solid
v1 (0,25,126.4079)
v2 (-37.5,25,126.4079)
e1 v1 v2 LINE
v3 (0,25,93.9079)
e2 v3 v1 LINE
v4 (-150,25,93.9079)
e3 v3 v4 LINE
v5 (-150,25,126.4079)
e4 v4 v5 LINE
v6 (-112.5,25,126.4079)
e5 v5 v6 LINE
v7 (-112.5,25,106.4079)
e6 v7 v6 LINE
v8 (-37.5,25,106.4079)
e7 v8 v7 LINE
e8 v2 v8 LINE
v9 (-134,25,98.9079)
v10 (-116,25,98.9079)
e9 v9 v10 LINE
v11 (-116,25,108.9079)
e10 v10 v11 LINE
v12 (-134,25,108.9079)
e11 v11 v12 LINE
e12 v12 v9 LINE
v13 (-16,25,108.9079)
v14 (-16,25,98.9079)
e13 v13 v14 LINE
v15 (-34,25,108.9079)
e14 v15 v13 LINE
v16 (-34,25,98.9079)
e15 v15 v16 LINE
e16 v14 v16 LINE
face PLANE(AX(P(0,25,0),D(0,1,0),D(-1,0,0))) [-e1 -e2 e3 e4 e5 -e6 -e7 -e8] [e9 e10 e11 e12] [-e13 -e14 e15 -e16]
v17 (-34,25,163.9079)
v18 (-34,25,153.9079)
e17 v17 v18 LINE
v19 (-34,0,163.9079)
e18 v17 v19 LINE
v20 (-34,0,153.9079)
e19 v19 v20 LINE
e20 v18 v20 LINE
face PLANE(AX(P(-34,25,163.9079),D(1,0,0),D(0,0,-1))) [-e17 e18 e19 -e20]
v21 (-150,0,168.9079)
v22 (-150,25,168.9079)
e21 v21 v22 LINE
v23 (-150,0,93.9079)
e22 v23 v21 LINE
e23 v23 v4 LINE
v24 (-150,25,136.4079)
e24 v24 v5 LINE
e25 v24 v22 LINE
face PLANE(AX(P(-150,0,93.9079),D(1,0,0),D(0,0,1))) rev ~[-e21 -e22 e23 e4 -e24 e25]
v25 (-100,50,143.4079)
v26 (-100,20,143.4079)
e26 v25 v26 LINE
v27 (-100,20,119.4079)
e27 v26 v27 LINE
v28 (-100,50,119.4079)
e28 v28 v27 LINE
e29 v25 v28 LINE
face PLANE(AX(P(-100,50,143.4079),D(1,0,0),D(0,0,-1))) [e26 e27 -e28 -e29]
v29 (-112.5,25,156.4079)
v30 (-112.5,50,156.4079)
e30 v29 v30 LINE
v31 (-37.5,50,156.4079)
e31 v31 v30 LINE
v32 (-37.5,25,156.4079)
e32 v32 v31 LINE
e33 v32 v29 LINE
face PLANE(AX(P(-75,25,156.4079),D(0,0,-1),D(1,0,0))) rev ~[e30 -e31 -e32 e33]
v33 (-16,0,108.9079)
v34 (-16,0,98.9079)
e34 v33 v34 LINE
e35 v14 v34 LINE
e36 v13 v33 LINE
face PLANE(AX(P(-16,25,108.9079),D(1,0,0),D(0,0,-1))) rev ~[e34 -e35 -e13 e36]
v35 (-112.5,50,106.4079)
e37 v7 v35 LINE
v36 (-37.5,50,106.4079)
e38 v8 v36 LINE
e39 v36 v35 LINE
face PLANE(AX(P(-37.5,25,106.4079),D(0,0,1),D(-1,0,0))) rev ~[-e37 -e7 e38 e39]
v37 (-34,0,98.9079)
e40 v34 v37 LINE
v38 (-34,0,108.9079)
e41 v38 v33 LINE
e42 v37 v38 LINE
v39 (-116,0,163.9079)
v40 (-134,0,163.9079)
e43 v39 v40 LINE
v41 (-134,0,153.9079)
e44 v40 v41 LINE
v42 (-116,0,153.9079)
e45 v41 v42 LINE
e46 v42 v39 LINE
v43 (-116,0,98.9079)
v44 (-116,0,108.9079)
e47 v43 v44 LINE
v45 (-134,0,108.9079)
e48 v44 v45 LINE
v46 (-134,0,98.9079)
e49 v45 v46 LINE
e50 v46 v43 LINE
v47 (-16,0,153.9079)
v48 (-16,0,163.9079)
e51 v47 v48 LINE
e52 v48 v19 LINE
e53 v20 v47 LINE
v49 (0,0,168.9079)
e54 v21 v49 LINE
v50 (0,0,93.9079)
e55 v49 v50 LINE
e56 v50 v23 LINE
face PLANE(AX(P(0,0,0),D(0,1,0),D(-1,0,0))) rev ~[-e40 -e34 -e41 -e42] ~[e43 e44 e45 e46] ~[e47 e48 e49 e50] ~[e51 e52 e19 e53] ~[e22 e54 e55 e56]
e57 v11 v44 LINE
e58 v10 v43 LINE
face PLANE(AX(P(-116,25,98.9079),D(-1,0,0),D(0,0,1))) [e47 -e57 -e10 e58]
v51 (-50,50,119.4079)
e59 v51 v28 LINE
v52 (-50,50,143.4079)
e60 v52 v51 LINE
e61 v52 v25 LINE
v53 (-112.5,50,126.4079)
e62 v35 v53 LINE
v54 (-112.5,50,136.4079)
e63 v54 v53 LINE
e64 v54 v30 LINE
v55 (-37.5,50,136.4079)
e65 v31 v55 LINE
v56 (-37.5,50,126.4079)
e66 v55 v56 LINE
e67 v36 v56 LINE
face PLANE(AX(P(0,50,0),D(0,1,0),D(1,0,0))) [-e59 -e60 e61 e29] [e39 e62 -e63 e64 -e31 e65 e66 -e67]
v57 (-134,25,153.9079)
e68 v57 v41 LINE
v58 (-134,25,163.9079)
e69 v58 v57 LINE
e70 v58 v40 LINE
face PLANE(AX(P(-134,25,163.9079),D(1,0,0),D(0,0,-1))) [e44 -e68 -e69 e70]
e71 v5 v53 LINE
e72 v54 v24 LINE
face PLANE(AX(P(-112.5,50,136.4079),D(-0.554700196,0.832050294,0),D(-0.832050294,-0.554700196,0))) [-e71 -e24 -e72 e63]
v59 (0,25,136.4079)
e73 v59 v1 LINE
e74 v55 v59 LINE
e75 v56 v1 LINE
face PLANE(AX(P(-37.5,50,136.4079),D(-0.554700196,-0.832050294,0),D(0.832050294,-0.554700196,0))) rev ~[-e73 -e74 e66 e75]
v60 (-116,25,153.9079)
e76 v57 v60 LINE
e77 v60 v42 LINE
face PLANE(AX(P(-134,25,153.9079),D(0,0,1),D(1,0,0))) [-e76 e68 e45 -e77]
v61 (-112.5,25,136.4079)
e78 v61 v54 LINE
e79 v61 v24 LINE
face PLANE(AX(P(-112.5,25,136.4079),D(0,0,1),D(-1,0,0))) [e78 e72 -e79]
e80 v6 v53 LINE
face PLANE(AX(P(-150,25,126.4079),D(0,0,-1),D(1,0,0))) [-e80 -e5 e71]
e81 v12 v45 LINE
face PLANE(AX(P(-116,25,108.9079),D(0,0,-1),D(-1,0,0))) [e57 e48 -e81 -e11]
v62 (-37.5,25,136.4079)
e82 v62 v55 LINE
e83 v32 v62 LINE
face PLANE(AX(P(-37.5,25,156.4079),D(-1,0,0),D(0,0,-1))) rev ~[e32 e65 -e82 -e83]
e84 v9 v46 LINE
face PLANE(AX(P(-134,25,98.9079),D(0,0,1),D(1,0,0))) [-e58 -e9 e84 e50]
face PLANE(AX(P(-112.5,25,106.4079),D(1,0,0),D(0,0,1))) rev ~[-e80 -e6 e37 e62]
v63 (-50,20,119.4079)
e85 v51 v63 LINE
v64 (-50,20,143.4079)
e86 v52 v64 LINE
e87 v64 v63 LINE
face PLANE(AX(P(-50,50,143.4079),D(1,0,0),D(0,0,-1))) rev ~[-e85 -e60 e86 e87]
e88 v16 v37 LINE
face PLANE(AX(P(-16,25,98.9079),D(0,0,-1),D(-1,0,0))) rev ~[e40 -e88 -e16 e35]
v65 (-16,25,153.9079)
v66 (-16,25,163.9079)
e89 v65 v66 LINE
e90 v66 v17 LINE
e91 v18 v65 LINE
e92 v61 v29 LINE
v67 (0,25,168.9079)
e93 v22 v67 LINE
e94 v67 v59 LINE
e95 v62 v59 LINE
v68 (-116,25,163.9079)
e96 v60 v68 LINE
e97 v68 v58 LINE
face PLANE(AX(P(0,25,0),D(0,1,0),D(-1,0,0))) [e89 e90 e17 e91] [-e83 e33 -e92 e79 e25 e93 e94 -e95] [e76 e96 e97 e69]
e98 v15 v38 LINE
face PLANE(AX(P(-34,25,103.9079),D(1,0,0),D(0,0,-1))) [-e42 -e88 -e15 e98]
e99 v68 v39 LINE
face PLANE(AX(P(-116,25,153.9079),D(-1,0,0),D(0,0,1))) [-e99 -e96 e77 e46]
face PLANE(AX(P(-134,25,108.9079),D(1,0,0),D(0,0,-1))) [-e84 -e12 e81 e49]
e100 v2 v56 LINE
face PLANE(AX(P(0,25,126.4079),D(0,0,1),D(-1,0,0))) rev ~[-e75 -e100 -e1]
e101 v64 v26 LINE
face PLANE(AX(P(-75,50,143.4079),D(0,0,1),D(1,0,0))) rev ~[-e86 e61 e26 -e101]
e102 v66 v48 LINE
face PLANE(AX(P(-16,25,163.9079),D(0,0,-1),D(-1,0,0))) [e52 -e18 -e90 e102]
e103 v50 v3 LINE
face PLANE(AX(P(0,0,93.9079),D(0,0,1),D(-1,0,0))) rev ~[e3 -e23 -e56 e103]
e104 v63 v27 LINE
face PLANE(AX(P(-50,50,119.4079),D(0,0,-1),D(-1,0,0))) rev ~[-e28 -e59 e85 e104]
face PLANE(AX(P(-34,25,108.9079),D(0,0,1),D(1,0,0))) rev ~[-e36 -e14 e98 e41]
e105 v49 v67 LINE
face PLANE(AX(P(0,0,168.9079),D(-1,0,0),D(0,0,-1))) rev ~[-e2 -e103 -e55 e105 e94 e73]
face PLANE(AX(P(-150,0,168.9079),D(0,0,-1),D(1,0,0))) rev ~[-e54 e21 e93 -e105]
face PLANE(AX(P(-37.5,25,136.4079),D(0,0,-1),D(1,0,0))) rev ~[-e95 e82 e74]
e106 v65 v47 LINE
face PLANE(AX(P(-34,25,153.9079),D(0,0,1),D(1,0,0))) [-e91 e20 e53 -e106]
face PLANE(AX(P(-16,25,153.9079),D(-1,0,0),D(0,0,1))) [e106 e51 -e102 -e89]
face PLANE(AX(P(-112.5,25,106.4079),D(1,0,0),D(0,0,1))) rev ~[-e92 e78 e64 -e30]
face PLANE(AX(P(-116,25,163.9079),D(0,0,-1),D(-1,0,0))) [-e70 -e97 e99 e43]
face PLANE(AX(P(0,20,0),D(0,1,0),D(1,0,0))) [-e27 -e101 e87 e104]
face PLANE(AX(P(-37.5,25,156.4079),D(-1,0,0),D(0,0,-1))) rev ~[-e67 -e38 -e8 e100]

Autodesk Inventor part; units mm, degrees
ref_plane "YZ Plane" through (0, 0, 0) normal (1, 0, 0) x (0, 1, 0)
ref_plane "XZ Plane" through (0, 0, 0) normal (0, 1, 0) x (-1, 0, 0)
ref_plane "XY Plane" through (0, 0, 0) normal (0, 0, 1) x (1, 0, 0)
sketch "Sketch1" plane through (0, 0, 0) normal (0, 1, 0) x (-1, 0, 0)
  line L0 (0, 93.9079) -> (150, 93.9079)
  line L1 (150, 93.9079) -> (150, 168.9079)
  line L2 (150, 168.9079) -> (0, 168.9079)
  line L3 (0, 168.9079) -> (0, 93.9079)
  point P0 (0, 0)
  dimension "d0" = 150
  dimension "d1" = 75
extrude "Extrusion1" add sketch "Sketch1" along normal blind 25
sketch "Sketch2" plane through (0, 25, 0) normal (0, 1, 0) x (1, 0, 0)
  line L0 (0, -168.9079) -> (-75, -168.9079)
  line L1 (-75, -156.4079) -> (-112.5, -156.4079)
  line L2 (-75, -156.4079) -> (-37.5, -156.4079)
  line L3 (-37.5, -156.4079) -> (-37.5, -106.4079)
  line L4 (-37.5, -106.4079) -> (-112.5, -106.4079)
  line L5 (-112.5, -106.4079) -> (-112.5, -156.4079)
  point P0 (0, 0)
  dimension "d8" = 37.5
  dimension "d9" = 37.5
  dimension "d10" = 50
  dimension "d11" = 75
extrude "Extrusion2" add sketch "Sketch2" along normal blind 25
sketch "Sketch3" plane through (0, 50, 0) normal (0, 1, 0) x (1, 0, 0)
  line L0 (-112.5, -156.4079) -> (-37.5, -156.4079) projected
  line L1 (-37.5, -156.4079) -> (-37.5, -131.4079)
  line L2 (-75, -143.4079) -> (-100, -143.4079)
  line L3 (-75, -143.4079) -> (-50, -143.4079)
  line L4 (-50, -143.4079) -> (-50, -119.4079)
  line L5 (-50, -119.4079) -> (-100, -119.4079)
  line L6 (-100, -143.4079) -> (-100, -119.4079)
  point P0 (0, 0)
  dimension "d18" = 25
  dimension "d19" = 25
  dimension "d20" = 24
  dimension "d21" = 50
extrude "Extrusion3" cut sketch "Sketch3" against normal blind 30
sketch "Sketch4" plane through (0, 25, 0) normal (0, 1, 0) x (1, 0, 0)
  line L0 (-37.5, -106.4079) -> (-37.5, -156.4079) projected
  line L1 (-37.5, -156.4079) -> (-37.5, -131.4079)
  line L2 (-37.5, -131.4079) -> (-37.5, -126.4079)
  line L3 (-37.5, -131.4079) -> (-37.5, -136.4079)
  line L4 (-37.5, -136.4079) -> (0, -136.4079)
  line L5 (0, -168.9079) -> (0, -93.9079) projected
  line L6 (0, -136.4079) -> (0, -126.4079)
  line L7 (0, -126.4079) -> (-37.5, -126.4079)
  line L8 (-112.5, -156.4079) -> (-112.5, -106.4079) projected
  line L9 (-112.5, -106.4079) -> (-112.5, -131.4079)
  line L10 (-37.5, -156.4079) -> (-112.5, -156.4079) projected
  line L11 (-112.5, -131.4079) -> (-112.5, -136.4079)
  line L12 (-112.5, -131.4079) -> (-112.5, -126.4079)
  line L13 (-112.5, -136.4079) -> (-150, -136.4079)
  line L14 (-150, -93.9079) -> (-150, -168.9079) projected
  line L15 (-150, -136.4079) -> (-150, -126.4079)
  line L16 (-150, -126.4079) -> (-112.5, -126.4079)
  point P0 (0, 0)
  dimension "d25" = 5
  dimension "d26" = 5
  dimension "d27" = 10
  dimension "d29" = 5
  dimension "d30" = 5
  dimension "d31" = 10
extrude "Extrusion4" add sketch "Sketch4" along normal blind 25
sketch "Sketch5" plane through (-150, 25, 136.4079) normal (0, 0, 1) x (1, 0, 0)
  line L0 (37.5, 25) -> (0, 0)
  line L1 (0, 25) -> (37.5, 25) projected
  line L2 (0, 0) -> (0, 25)
  line L3 (0, 25) -> (37.5, 25)
  point P0 (150, -25)
extrude "Extrusion5" cut sketch "Sketch5" against normal blind 25
sketch "Sketch6" plane through (-37.5, 25, 136.4079) normal (0, 0, 1) x (1, 0, 0)
  line L0 (0, 25) -> (37.5, 25) projected
  line L1 (37.5, 0) -> (0, 0) projected
  line L2 (0, 25) -> (37.5, 0)
  line L3 (37.5, 0) -> (37.5, 25) projected
  line L4 (37.5, 0) -> (37.5, 25)
  line L5 (37.5, 25) -> (0, 25)
  point P0 (37.5, -25)
extrude "Extrusion6" cut sketch "Sketch6" against normal blind 25
sketch "Sketch7" plane through (0, 25, 0) normal (0, 1, 0) x (1, 0, 0)
  line L0 (0, -126.4079) -> (0, -93.9079) projected
  line L1 (0, -93.9079) -> (-25, -93.9079)
  line L2 (-34, -103.9079) -> (-34, -98.9079)
  line L3 (-34, -103.9079) -> (-34, -108.9079)
  line L4 (-34, -108.9079) -> (-16, -108.9079)
  line L5 (-16, -108.9079) -> (-16, -98.9079)
  line L6 (-16, -98.9079) -> (-34, -98.9079)
  line L7 (-150, -93.9079) -> (-116, -93.9079)
  line L8 (-116, -98.9079) -> (-116, -108.9079)
  line L9 (-116, -108.9079) -> (-134, -108.9079)
  line L10 (-134, -108.9079) -> (-134, -98.9079)
  line L11 (-134, -98.9079) -> (-116, -98.9079)
  line L12 (-116, -153.9079) -> (-116, -163.9079)
  line L13 (-116, -163.9079) -> (-134, -163.9079)
  line L14 (-134, -163.9079) -> (-134, -153.9079)
  line L15 (-134, -153.9079) -> (-116, -153.9079)
  line L16 (-150, -168.9079) -> (0, -168.9079) projected
  line L17 (-150, -136.4079) -> (-150, -168.9079) projected
  line L18 (-16, -153.9079) -> (-16, -163.9079)
  line L19 (-16, -163.9079) -> (-34, -163.9079)
  line L20 (-34, -163.9079) -> (-34, -153.9079)
  line L21 (-34, -153.9079) -> (-16, -153.9079)
  line L22 (0, -168.9079) -> (0, -136.4079) projected
  point P0 (0, 0)
  dimension "d44" = 5
  dimension "d45" = 5
  dimension "d46" = 18
  dimension "d47" = 10
  dimension "d50" = 10
  dimension "d51" = 18
  dimension "d52" = 10
  dimension "d53" = 10
  dimension "d54" = 18
  dimension "d55" = 10
  dimension "d56" = 5
  dimension "d57" = 16
  dimension "d58" = 10
  dimension "d59" = 18
  dimension "d60" = 10
  dimension "d61" = 16
  dimension "d62" = 5
extrude "Extrusion7" cut sketch "Sketch7" against normal blind 25
properties part number "6 - Part 3"
